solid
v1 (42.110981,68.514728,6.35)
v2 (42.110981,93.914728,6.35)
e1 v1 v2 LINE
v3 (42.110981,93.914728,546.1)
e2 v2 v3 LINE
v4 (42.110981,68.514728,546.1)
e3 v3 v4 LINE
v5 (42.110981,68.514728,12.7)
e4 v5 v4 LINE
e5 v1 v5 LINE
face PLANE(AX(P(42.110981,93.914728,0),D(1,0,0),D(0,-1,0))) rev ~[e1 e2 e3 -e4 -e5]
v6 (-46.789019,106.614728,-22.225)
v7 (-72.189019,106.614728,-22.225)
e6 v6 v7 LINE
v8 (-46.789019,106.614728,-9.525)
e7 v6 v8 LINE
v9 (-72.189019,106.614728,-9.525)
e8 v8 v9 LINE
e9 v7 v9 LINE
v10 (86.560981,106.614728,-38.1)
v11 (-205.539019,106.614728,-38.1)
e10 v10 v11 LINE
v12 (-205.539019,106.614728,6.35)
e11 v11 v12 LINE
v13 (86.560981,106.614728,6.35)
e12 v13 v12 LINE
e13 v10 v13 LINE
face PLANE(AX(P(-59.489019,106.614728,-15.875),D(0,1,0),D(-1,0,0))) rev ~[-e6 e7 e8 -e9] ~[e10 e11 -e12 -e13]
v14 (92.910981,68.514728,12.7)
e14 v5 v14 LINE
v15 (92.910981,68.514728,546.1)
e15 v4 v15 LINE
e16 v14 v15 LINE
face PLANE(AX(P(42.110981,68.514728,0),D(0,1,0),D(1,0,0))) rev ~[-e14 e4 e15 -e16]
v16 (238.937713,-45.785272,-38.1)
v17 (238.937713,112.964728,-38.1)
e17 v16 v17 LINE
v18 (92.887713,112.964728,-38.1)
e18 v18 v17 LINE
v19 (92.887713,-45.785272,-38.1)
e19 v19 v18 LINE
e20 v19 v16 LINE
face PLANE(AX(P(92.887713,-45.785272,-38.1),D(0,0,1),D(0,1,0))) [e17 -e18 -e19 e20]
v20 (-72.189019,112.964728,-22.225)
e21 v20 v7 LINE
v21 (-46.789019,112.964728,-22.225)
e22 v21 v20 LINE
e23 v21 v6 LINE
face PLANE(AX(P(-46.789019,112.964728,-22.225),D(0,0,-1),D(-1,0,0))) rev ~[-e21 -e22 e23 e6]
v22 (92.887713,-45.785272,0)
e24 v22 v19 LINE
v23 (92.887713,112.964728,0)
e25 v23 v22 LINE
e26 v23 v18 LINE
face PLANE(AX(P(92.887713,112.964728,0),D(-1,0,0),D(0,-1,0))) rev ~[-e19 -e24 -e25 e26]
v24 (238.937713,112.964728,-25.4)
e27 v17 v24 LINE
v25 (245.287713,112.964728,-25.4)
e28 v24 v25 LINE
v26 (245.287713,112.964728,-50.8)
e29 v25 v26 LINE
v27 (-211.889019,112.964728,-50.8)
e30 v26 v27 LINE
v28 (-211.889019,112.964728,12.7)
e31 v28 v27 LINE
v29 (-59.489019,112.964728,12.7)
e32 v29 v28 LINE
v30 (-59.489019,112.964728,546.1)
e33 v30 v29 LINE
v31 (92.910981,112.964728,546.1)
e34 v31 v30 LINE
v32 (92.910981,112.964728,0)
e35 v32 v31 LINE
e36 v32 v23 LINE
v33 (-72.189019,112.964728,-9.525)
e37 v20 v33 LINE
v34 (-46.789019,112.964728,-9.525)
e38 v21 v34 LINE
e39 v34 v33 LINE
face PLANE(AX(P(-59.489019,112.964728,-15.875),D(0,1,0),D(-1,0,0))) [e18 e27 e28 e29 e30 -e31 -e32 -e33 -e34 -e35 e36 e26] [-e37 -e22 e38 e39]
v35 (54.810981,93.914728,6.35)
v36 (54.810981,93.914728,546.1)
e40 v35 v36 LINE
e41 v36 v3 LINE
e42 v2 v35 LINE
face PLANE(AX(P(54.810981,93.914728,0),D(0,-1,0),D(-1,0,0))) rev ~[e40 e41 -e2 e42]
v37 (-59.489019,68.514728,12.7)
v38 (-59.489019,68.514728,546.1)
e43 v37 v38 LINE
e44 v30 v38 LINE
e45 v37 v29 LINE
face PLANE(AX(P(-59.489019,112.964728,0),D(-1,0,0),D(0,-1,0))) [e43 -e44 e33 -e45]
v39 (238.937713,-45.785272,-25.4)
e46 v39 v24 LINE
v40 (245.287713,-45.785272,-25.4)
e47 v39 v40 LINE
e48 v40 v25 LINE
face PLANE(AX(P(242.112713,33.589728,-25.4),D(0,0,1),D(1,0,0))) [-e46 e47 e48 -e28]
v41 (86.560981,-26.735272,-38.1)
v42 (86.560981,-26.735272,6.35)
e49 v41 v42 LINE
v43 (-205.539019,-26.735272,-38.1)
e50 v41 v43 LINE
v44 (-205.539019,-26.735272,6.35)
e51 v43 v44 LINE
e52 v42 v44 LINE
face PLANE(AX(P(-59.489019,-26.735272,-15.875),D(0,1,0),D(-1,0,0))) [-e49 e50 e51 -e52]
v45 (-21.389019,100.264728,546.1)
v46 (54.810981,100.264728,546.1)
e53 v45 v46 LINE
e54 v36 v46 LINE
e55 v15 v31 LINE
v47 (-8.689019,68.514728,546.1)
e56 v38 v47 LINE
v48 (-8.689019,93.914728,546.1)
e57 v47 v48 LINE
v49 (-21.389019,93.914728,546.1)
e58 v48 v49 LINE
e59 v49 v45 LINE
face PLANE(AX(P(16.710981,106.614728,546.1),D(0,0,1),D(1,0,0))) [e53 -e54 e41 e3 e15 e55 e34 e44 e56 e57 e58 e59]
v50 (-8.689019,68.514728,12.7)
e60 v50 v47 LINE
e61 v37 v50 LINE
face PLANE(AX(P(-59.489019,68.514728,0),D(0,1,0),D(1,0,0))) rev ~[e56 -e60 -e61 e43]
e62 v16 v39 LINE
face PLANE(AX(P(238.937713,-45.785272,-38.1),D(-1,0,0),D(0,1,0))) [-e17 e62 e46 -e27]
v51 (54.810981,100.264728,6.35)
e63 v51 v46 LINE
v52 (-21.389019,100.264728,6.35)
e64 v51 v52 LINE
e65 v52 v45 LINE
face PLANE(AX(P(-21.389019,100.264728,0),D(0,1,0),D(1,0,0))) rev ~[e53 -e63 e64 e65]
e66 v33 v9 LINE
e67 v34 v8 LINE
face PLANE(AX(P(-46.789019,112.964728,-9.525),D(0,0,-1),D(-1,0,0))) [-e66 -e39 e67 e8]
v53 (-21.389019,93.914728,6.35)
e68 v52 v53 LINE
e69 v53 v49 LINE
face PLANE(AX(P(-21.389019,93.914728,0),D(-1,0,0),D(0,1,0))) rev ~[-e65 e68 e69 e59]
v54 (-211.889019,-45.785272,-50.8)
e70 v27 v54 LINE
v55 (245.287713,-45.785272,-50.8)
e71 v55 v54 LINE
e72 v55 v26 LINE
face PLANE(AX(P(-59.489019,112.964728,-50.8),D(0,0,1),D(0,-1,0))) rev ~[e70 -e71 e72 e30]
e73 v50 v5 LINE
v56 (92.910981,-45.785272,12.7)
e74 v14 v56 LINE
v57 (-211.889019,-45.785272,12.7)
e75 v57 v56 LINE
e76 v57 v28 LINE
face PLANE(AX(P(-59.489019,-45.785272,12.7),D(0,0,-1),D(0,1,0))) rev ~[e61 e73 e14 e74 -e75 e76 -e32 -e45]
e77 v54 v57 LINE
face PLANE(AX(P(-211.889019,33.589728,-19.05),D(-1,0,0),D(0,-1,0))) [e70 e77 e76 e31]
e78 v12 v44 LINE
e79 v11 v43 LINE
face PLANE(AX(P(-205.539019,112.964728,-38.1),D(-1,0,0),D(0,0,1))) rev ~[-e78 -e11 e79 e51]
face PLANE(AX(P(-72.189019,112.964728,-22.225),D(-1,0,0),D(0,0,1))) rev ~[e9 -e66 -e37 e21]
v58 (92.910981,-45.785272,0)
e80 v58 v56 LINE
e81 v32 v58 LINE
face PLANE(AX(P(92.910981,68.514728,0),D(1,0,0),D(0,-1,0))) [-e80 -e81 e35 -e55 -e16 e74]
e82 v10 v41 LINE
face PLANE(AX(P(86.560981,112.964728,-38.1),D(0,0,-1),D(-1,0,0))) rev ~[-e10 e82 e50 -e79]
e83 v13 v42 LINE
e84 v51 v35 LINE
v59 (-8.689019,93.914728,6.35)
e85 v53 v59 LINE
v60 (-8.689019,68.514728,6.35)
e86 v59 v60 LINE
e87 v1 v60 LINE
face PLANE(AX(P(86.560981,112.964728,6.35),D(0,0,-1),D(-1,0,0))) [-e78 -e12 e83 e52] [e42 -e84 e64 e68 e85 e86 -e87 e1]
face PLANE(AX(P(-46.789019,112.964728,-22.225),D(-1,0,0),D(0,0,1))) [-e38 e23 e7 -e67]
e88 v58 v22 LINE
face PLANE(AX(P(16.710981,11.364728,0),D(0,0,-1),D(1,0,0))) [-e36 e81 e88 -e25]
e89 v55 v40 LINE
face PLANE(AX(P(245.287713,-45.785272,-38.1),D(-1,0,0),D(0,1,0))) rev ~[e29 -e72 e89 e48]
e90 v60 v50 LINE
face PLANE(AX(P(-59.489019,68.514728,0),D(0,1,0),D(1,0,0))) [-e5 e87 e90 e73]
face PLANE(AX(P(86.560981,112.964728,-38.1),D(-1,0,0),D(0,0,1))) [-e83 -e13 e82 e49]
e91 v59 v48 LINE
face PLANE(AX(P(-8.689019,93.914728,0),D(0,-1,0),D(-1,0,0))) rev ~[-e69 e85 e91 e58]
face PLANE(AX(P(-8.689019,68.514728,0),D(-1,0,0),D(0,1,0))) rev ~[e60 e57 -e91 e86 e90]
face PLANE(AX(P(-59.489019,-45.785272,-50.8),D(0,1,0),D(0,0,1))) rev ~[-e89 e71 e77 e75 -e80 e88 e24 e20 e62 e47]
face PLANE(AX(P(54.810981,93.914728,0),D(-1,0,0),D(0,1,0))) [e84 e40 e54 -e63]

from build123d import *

# Parameters (mm, degrees)
F0_W      = 38.1
F0_H      = 6.35
F1_DEPTH  = 546.1
F3_DEPTH  = 12.7
F4_W      = 152.376732
F4_H      = 158.75
F5_DEPTH  = 50.8
F6_W      = 158.75
F6_H      = 12.7
F7_DEPTH  = 152.4
F8_W      = 6.35
F8_H      = 158.75
F9_DEPTH  = 12.7
F11_DEPTH = 152.4
F12_W     = 292.1
F12_H     = 44.45
F13_DEPTH = 139.7
F14_W     = 292.1
F14_H     = 44.45
F14_W_2   = 25.4
F14_H_2   = 12.7
F15_DEPTH = 6.35


with BuildPart() as f1:
    # F0 (on Top) → F1 (new body)
    with BuildSketch(Plane.XY):
        Polygon((-59.489019, 112.964728), (-59.489019, 100.264728), (-21.389019, 100.264728), (54.810981, 100.264728), (92.910981, 100.264728), (92.910981, 112.964728), align=None)
        with Locations((73.860981, 97.089728)):
            Rectangle(F0_W, F0_H)
        Polygon((92.910981, 93.914728), (54.810981, 93.914728), (42.110981, 93.914728), (42.110981, 68.514728), (92.910981, 68.514728), align=None)
        with Locations((-40.439019, 97.089728)):
            Rectangle(F0_W, F0_H)
        Polygon((-59.489019, 93.914728), (-59.489019, 68.514728), (-8.689019, 68.514728), (-8.689019, 93.914728), (-21.389019, 93.914728), align=None)
    extrude(amount=F1_DEPTH)

    # F2 (on face) → F3 (join)
    with BuildSketch(Plane(origin=(0, 0, 0), x_dir=(1, 0, 0), z_dir=(0, 0, -1))):
        Polygon((-59.489019, 45.785272), (-59.489019, -68.514728), (-8.689019, -68.514728), (42.110981, -68.514728), (92.910981, -68.514728), (92.910981, 45.785272), align=None)
    extrude(amount=-F3_DEPTH)

    # F4 (on face) → F5 (join)
    with BuildSketch(Plane(origin=(0, 0, 0), x_dir=(1, 0, 0), z_dir=(0, 0, -1))):
        with Locations((16.699347, -33.589728)):
            Rectangle(F4_W, F4_H)
    extrude(amount=F5_DEPTH)

    # F6 (on face) → F7 (join)
    with BuildSketch(Plane.YZ.offset(92.887713)):
        with Locations((33.589728, -44.45)):
            Rectangle(F6_W, F6_H)
    extrude(amount=F7_DEPTH)

    # F8 (on face) → F9 (join)
    with BuildSketch(Plane.XY.offset(-38.1)):
        with Locations((242.112713, 33.589728)):
            Rectangle(F8_W, F8_H)
    extrude(amount=F9_DEPTH)

    # F10 (on face) → F11 (join)
    with BuildSketch(Plane(origin=(-59.489019, 0, 0), x_dir=(0, -1, 0), z_dir=(-1, 0, 0))):
        Polygon((-112.964728, 12.7), (-112.964728, -50.8), (45.785272, -50.8), (45.785272, 12.7), (-68.514728, 12.7), align=None)
    extrude(amount=F11_DEPTH)

    # F12 (on face) → F13 (cut)
    with BuildSketch(Plane(origin=(0, 112.964728, 0), x_dir=(-1, 0, 0), z_dir=(0, 1, 0))):
        with Locations((59.489019, -15.875)):
            Rectangle(F12_W, F12_H)
    extrude(amount=-F13_DEPTH, mode=Mode.SUBTRACT)

    # F14 (on face) → F15 (join)
    with BuildSketch(Plane(origin=(0, 112.964728, 0), x_dir=(-1, 0, 0), z_dir=(0, 1, 0))):
        with Locations((59.489019, -15.875)):
            Rectangle(F14_W, F14_H)
        with Locations((59.489019, -15.875)):
            Rectangle(F14_W_2, F14_H_2, mode=Mode.SUBTRACT)
    extrude(amount=-F15_DEPTH)


solid = f1.part
